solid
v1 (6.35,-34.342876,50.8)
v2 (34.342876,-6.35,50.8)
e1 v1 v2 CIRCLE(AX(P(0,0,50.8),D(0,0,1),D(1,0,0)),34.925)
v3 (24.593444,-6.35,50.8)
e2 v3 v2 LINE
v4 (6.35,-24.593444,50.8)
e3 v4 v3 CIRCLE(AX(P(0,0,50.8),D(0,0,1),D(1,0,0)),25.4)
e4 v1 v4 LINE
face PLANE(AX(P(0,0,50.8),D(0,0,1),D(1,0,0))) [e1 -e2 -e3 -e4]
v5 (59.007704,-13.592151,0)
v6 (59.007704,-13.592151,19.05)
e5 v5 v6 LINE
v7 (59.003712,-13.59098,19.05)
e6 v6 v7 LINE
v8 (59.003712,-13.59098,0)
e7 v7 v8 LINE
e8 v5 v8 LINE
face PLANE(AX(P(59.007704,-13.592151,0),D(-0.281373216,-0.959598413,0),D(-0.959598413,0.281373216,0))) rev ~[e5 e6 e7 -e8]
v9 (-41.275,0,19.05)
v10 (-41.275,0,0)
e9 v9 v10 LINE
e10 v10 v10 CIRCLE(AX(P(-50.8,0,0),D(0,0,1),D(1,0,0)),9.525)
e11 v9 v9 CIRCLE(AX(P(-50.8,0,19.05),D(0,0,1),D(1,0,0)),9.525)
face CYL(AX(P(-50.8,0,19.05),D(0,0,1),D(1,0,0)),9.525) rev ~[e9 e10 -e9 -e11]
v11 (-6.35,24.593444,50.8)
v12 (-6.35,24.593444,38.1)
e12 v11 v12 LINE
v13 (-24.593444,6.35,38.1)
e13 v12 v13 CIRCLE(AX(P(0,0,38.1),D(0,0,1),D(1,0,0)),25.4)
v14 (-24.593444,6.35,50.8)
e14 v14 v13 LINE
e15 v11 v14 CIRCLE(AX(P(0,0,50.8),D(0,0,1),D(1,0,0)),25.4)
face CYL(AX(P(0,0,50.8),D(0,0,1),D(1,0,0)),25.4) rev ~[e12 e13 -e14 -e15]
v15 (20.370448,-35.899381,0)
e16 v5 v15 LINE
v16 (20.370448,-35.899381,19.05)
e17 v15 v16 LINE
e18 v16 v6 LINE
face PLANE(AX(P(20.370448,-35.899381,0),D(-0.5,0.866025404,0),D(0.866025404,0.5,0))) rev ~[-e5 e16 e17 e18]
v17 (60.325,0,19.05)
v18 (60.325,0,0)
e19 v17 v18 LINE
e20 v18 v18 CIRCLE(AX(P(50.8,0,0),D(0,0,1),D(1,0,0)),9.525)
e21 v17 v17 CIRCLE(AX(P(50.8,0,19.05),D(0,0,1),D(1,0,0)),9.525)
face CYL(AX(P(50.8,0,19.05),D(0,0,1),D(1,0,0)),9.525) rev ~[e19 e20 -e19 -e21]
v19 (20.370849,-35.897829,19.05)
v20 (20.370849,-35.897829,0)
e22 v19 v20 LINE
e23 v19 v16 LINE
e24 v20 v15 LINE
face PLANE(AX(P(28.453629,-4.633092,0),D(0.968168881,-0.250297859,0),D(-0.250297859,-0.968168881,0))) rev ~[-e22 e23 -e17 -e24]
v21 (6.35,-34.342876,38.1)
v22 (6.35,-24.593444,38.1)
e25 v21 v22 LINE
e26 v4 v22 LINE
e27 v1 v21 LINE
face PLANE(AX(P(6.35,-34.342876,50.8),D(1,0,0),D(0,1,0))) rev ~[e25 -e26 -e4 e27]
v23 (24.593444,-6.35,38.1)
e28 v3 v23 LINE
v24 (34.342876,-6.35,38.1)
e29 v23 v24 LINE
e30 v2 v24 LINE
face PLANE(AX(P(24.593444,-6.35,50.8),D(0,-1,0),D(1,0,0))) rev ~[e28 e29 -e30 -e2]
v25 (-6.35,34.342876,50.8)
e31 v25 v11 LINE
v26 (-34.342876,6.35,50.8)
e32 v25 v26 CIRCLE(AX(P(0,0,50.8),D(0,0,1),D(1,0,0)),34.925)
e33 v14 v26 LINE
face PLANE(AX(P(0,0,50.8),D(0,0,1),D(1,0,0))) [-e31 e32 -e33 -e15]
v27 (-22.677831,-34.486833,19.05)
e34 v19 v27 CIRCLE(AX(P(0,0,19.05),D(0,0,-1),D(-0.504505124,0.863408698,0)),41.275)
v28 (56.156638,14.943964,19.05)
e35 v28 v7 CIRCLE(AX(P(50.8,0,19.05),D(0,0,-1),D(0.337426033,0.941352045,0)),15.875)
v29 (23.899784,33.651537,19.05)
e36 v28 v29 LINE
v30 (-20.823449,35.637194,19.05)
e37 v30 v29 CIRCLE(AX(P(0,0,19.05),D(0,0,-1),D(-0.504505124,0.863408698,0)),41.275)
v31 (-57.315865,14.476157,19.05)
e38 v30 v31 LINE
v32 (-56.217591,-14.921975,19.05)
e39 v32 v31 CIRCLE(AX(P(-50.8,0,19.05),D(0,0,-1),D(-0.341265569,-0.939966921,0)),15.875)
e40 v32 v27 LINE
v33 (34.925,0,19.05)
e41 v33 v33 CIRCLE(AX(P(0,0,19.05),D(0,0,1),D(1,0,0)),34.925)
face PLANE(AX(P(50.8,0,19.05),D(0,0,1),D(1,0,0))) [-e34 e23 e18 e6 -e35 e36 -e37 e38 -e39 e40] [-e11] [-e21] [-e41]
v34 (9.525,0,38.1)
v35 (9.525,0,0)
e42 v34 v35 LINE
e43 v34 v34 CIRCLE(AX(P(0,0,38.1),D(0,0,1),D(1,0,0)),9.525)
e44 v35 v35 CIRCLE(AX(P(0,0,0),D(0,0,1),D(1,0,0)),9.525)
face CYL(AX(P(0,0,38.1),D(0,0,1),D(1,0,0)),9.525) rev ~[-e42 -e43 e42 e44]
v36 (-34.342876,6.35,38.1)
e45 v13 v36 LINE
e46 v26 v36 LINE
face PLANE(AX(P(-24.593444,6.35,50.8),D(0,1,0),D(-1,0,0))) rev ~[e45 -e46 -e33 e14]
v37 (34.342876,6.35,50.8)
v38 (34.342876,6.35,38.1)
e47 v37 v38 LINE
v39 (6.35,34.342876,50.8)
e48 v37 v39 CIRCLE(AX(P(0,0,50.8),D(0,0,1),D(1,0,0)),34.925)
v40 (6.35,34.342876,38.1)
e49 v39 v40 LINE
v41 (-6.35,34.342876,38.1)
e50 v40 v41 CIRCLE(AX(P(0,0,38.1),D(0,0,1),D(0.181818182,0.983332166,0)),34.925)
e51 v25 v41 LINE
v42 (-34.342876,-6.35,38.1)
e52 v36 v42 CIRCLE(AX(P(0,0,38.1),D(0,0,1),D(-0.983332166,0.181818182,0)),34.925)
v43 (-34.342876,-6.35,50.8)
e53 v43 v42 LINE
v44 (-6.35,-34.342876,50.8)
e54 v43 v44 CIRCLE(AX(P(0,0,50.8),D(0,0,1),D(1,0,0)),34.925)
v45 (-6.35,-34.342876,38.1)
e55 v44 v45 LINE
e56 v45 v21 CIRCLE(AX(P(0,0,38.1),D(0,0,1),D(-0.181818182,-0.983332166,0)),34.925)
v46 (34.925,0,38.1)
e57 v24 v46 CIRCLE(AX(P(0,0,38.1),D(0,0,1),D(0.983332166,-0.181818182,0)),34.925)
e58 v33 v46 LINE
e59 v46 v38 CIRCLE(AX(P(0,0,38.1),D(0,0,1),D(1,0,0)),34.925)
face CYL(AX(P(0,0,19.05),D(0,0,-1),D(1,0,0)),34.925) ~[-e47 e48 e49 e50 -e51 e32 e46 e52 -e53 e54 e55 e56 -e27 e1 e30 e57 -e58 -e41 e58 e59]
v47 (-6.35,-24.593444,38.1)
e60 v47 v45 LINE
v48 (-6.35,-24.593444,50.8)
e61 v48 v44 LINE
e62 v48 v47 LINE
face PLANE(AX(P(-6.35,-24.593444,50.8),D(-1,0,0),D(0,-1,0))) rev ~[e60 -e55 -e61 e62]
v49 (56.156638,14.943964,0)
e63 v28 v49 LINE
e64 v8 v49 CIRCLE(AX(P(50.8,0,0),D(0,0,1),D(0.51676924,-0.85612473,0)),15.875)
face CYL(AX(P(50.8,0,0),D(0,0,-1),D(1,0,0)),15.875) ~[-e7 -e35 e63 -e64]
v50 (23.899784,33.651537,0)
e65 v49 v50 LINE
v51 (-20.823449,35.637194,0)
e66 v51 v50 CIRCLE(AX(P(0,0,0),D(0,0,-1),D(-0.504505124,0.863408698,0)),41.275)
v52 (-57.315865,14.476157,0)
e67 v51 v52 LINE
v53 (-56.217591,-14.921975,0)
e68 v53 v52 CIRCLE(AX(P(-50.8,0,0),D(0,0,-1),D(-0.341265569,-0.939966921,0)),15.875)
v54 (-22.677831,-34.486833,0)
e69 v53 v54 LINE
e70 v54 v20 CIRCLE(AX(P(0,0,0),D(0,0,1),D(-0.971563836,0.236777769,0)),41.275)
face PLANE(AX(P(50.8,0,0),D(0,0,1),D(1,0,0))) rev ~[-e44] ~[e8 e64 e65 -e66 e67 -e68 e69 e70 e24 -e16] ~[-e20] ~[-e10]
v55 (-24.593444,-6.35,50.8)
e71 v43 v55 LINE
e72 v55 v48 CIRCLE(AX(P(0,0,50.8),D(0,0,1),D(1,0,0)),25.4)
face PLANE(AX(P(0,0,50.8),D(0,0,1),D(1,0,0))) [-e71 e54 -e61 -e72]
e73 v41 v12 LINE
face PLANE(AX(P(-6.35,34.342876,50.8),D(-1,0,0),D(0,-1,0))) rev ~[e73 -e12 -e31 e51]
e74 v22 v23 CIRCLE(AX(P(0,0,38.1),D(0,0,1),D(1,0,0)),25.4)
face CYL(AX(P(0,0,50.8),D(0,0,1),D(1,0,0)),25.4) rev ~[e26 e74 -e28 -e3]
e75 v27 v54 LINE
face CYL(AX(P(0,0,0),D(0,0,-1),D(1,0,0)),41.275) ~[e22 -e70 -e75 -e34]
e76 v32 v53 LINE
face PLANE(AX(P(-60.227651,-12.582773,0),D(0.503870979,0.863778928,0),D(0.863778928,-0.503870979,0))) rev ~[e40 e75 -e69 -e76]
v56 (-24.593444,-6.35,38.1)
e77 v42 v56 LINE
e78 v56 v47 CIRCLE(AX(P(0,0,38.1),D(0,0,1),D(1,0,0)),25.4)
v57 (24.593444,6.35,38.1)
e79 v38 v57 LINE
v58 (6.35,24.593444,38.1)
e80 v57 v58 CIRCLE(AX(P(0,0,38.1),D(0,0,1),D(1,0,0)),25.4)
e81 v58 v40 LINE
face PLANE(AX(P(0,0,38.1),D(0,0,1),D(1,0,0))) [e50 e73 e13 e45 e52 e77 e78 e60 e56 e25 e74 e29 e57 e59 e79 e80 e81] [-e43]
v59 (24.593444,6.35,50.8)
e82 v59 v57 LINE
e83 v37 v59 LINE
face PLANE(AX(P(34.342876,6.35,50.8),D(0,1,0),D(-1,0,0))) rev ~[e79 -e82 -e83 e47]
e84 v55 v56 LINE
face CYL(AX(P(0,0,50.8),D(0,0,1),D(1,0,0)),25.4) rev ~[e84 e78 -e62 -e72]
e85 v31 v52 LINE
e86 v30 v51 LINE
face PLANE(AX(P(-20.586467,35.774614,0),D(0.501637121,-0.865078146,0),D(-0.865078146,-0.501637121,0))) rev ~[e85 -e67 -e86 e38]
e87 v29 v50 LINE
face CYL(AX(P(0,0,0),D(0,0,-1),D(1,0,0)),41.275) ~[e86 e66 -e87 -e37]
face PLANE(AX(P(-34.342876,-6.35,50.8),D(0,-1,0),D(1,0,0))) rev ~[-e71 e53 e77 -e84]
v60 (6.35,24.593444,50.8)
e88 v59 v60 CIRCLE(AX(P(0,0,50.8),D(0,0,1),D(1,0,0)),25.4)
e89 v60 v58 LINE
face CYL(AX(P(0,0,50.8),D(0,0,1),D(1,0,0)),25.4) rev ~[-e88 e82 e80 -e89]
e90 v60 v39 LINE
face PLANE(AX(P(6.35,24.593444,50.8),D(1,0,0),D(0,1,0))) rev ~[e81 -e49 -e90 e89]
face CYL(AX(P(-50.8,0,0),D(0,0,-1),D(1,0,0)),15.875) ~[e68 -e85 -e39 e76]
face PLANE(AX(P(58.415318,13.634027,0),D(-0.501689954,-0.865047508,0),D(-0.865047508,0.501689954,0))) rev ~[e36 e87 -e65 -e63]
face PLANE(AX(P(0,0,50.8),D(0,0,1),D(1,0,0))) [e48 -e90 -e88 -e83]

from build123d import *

# Parameters (mm, degrees)
F6_DEPTH  = 19.05
F1_R      = 15.875
F0_R      = 41.275
F8_R      = 34.925
F9_DEPTH  = 31.75
F10_R     = 25.4
F11_DEPTH = 12.7
F12_R     = 9.525
F13_DEPTH = 50.8
F15_DEPTH = 12.7
F16_R     = 9.525
F17_DEPTH = 25.4


with BuildPart() as f6:
    # F2 (on Top) → F6 (new body)
    with BuildSketch(Plane.XY):
        Polygon((-20.5864672744, 35.7746137668), (-60.1274476785, 12.8457909373), (-27.6046618819, 7.8555336222), align=None)
    extrude(amount=F6_DEPTH)


with BuildPart() as f6b:
    # F1 (on Top) → F6, piece 2 (new body)
    with BuildSketch(Plane.XY):
        with Locations((-50.8, 0)):
            Circle(F1_R)
    extrude(amount=F6_DEPTH)


with BuildPart() as f6c:
    # F1 (on Top) → F6, piece 3 (new body)
    with BuildSketch(Plane.XY):
        with Locations((50.8, 0)):
            Circle(F1_R)
    extrude(amount=F6_DEPTH)


with BuildPart() as f6d:
    # F0 (on Top) → F6, piece 4 (new body)
    with BuildSketch(Plane.XY):
        Circle(F0_R)
    extrude(amount=F6_DEPTH)


with BuildPart() as f6e:
    # F3 (on Top) → F6, piece 5 (new body)
    with BuildSketch(Plane.XY):
        Polygon((-30.2489809692, -6.1483276077), (-60.227651149, -12.5827733427), (-21.6209739447, -35.1033322513), align=None)
    extrude(amount=F6_DEPTH)


with BuildPart() as f6f:
    # F4 (on Top) → F6, piece 6 (new body)
    with BuildSketch(Plane.XY):
        Polygon((58.4153184481, 13.6340273871), (17.3395914771, 37.4561636104), (25.2016615123, 3.7444084883), align=None)
    extrude(amount=F6_DEPTH)


with BuildPart() as f6g:
    # F5 (on Top) → F6, piece 7 (new body)
    with BuildSketch(Plane.XY):
        Polygon((28.4536294639, -4.6330923215), (20.3704475493, -35.8993813455), (59.0077042557, -13.5921507853), align=None)
    extrude(amount=F6_DEPTH)


with BuildPart() as f6_1:
    add(f6.part)

    # F7: union F6d, F6e, F6g, F6f, F6c, F6b
    add(f6d.part)
    add(f6e.part)
    add(f6g.part)
    add(f6f.part)
    add(f6c.part)
    add(f6b.part)

    # F8 (on face) → F9 (join)
    with BuildSketch(Plane.XY.offset(19.05)):
        Circle(F8_R)
    extrude(amount=F9_DEPTH)

    # F10 (on face) → F11 (cut)
    with BuildSketch(Plane.XY.offset(50.8)):
        Circle(F10_R)
    extrude(amount=-F11_DEPTH, mode=Mode.SUBTRACT)

    # F12 (on face) → F13 (cut)
    with BuildSketch(Plane.XY.offset(38.1)):
        Circle(F12_R)
    extrude(amount=-F13_DEPTH, mode=Mode.SUBTRACT)

    # F14 (on face) → F15 (cut)
    with BuildSketch(Plane.XY.offset(50.8)):
        with BuildLine():
            Line((-34.3428758988, -6.35), (-24.5934442484, -6.35))
            ThreePointArc((-24.5934442484, -6.35), (-25.4, 0), (-24.5934442484, 6.35))
            Line((-24.5934442484, 6.35), (-34.3428758988, 6.35))
            ThreePointArc((-34.3428758988, 6.35), (-34.925, 0), (-34.3428758988, -6.35))
        make_face()
        with BuildLine():
            Line((-6.35, 34.3428758988), (-6.35, 24.5934442484))
            ThreePointArc((-6.35, 24.5934442484), (0, 25.4), (6.35, 24.5934442484))
            Line((6.35, 24.5934442484), (6.35, 34.3428758988))
            ThreePointArc((6.35, 34.3428758988), (0, 34.925), (-6.35, 34.3428758988))
        make_face()
        with BuildLine():
            ThreePointArc((25.4, 0), (25.1975542852, -3.2005090291), (24.5934442484, -6.35))
            Line((24.5934442484, -6.35), (34.3428758988, -6.35))
            ThreePointArc((34.3428758988, -6.35), (34.7791644937, -3.1883133656), (34.925, 0))
            ThreePointArc((34.925, 0), (34.7791644937, 3.1883133656), (34.3428758988, 6.35))
            Line((34.3428758988, 6.35), (24.5934442484, 6.35))
            ThreePointArc((24.5934442484, 6.35), (25.1975542852, 3.2005090291), (25.4, 0))
        make_face()
        with BuildLine():
            ThreePointArc((6.35, -24.5934442484), (0, -25.4), (-6.35, -24.5934442484))
            Line((-6.35, -24.5934442484), (-6.35, -34.3428758988))
            ThreePointArc((-6.35, -34.3428758988), (0, -34.925), (6.35, -34.3428758988))
            Line((6.35, -34.3428758988), (6.35, -24.5934442484))
        make_face()
    extrude(amount=-F15_DEPTH, mode=Mode.SUBTRACT)

    # F16 (on face) → F17 (cut)
    with BuildSketch(Plane.XY.offset(19.05)):
        with Locations((-50.8, 0)):
            Circle(F16_R)
        with Locations((50.8, 0)):
            Circle(F16_R)
    extrude(amount=-F17_DEPTH, mode=Mode.SUBTRACT)


solid = f6_1.part
